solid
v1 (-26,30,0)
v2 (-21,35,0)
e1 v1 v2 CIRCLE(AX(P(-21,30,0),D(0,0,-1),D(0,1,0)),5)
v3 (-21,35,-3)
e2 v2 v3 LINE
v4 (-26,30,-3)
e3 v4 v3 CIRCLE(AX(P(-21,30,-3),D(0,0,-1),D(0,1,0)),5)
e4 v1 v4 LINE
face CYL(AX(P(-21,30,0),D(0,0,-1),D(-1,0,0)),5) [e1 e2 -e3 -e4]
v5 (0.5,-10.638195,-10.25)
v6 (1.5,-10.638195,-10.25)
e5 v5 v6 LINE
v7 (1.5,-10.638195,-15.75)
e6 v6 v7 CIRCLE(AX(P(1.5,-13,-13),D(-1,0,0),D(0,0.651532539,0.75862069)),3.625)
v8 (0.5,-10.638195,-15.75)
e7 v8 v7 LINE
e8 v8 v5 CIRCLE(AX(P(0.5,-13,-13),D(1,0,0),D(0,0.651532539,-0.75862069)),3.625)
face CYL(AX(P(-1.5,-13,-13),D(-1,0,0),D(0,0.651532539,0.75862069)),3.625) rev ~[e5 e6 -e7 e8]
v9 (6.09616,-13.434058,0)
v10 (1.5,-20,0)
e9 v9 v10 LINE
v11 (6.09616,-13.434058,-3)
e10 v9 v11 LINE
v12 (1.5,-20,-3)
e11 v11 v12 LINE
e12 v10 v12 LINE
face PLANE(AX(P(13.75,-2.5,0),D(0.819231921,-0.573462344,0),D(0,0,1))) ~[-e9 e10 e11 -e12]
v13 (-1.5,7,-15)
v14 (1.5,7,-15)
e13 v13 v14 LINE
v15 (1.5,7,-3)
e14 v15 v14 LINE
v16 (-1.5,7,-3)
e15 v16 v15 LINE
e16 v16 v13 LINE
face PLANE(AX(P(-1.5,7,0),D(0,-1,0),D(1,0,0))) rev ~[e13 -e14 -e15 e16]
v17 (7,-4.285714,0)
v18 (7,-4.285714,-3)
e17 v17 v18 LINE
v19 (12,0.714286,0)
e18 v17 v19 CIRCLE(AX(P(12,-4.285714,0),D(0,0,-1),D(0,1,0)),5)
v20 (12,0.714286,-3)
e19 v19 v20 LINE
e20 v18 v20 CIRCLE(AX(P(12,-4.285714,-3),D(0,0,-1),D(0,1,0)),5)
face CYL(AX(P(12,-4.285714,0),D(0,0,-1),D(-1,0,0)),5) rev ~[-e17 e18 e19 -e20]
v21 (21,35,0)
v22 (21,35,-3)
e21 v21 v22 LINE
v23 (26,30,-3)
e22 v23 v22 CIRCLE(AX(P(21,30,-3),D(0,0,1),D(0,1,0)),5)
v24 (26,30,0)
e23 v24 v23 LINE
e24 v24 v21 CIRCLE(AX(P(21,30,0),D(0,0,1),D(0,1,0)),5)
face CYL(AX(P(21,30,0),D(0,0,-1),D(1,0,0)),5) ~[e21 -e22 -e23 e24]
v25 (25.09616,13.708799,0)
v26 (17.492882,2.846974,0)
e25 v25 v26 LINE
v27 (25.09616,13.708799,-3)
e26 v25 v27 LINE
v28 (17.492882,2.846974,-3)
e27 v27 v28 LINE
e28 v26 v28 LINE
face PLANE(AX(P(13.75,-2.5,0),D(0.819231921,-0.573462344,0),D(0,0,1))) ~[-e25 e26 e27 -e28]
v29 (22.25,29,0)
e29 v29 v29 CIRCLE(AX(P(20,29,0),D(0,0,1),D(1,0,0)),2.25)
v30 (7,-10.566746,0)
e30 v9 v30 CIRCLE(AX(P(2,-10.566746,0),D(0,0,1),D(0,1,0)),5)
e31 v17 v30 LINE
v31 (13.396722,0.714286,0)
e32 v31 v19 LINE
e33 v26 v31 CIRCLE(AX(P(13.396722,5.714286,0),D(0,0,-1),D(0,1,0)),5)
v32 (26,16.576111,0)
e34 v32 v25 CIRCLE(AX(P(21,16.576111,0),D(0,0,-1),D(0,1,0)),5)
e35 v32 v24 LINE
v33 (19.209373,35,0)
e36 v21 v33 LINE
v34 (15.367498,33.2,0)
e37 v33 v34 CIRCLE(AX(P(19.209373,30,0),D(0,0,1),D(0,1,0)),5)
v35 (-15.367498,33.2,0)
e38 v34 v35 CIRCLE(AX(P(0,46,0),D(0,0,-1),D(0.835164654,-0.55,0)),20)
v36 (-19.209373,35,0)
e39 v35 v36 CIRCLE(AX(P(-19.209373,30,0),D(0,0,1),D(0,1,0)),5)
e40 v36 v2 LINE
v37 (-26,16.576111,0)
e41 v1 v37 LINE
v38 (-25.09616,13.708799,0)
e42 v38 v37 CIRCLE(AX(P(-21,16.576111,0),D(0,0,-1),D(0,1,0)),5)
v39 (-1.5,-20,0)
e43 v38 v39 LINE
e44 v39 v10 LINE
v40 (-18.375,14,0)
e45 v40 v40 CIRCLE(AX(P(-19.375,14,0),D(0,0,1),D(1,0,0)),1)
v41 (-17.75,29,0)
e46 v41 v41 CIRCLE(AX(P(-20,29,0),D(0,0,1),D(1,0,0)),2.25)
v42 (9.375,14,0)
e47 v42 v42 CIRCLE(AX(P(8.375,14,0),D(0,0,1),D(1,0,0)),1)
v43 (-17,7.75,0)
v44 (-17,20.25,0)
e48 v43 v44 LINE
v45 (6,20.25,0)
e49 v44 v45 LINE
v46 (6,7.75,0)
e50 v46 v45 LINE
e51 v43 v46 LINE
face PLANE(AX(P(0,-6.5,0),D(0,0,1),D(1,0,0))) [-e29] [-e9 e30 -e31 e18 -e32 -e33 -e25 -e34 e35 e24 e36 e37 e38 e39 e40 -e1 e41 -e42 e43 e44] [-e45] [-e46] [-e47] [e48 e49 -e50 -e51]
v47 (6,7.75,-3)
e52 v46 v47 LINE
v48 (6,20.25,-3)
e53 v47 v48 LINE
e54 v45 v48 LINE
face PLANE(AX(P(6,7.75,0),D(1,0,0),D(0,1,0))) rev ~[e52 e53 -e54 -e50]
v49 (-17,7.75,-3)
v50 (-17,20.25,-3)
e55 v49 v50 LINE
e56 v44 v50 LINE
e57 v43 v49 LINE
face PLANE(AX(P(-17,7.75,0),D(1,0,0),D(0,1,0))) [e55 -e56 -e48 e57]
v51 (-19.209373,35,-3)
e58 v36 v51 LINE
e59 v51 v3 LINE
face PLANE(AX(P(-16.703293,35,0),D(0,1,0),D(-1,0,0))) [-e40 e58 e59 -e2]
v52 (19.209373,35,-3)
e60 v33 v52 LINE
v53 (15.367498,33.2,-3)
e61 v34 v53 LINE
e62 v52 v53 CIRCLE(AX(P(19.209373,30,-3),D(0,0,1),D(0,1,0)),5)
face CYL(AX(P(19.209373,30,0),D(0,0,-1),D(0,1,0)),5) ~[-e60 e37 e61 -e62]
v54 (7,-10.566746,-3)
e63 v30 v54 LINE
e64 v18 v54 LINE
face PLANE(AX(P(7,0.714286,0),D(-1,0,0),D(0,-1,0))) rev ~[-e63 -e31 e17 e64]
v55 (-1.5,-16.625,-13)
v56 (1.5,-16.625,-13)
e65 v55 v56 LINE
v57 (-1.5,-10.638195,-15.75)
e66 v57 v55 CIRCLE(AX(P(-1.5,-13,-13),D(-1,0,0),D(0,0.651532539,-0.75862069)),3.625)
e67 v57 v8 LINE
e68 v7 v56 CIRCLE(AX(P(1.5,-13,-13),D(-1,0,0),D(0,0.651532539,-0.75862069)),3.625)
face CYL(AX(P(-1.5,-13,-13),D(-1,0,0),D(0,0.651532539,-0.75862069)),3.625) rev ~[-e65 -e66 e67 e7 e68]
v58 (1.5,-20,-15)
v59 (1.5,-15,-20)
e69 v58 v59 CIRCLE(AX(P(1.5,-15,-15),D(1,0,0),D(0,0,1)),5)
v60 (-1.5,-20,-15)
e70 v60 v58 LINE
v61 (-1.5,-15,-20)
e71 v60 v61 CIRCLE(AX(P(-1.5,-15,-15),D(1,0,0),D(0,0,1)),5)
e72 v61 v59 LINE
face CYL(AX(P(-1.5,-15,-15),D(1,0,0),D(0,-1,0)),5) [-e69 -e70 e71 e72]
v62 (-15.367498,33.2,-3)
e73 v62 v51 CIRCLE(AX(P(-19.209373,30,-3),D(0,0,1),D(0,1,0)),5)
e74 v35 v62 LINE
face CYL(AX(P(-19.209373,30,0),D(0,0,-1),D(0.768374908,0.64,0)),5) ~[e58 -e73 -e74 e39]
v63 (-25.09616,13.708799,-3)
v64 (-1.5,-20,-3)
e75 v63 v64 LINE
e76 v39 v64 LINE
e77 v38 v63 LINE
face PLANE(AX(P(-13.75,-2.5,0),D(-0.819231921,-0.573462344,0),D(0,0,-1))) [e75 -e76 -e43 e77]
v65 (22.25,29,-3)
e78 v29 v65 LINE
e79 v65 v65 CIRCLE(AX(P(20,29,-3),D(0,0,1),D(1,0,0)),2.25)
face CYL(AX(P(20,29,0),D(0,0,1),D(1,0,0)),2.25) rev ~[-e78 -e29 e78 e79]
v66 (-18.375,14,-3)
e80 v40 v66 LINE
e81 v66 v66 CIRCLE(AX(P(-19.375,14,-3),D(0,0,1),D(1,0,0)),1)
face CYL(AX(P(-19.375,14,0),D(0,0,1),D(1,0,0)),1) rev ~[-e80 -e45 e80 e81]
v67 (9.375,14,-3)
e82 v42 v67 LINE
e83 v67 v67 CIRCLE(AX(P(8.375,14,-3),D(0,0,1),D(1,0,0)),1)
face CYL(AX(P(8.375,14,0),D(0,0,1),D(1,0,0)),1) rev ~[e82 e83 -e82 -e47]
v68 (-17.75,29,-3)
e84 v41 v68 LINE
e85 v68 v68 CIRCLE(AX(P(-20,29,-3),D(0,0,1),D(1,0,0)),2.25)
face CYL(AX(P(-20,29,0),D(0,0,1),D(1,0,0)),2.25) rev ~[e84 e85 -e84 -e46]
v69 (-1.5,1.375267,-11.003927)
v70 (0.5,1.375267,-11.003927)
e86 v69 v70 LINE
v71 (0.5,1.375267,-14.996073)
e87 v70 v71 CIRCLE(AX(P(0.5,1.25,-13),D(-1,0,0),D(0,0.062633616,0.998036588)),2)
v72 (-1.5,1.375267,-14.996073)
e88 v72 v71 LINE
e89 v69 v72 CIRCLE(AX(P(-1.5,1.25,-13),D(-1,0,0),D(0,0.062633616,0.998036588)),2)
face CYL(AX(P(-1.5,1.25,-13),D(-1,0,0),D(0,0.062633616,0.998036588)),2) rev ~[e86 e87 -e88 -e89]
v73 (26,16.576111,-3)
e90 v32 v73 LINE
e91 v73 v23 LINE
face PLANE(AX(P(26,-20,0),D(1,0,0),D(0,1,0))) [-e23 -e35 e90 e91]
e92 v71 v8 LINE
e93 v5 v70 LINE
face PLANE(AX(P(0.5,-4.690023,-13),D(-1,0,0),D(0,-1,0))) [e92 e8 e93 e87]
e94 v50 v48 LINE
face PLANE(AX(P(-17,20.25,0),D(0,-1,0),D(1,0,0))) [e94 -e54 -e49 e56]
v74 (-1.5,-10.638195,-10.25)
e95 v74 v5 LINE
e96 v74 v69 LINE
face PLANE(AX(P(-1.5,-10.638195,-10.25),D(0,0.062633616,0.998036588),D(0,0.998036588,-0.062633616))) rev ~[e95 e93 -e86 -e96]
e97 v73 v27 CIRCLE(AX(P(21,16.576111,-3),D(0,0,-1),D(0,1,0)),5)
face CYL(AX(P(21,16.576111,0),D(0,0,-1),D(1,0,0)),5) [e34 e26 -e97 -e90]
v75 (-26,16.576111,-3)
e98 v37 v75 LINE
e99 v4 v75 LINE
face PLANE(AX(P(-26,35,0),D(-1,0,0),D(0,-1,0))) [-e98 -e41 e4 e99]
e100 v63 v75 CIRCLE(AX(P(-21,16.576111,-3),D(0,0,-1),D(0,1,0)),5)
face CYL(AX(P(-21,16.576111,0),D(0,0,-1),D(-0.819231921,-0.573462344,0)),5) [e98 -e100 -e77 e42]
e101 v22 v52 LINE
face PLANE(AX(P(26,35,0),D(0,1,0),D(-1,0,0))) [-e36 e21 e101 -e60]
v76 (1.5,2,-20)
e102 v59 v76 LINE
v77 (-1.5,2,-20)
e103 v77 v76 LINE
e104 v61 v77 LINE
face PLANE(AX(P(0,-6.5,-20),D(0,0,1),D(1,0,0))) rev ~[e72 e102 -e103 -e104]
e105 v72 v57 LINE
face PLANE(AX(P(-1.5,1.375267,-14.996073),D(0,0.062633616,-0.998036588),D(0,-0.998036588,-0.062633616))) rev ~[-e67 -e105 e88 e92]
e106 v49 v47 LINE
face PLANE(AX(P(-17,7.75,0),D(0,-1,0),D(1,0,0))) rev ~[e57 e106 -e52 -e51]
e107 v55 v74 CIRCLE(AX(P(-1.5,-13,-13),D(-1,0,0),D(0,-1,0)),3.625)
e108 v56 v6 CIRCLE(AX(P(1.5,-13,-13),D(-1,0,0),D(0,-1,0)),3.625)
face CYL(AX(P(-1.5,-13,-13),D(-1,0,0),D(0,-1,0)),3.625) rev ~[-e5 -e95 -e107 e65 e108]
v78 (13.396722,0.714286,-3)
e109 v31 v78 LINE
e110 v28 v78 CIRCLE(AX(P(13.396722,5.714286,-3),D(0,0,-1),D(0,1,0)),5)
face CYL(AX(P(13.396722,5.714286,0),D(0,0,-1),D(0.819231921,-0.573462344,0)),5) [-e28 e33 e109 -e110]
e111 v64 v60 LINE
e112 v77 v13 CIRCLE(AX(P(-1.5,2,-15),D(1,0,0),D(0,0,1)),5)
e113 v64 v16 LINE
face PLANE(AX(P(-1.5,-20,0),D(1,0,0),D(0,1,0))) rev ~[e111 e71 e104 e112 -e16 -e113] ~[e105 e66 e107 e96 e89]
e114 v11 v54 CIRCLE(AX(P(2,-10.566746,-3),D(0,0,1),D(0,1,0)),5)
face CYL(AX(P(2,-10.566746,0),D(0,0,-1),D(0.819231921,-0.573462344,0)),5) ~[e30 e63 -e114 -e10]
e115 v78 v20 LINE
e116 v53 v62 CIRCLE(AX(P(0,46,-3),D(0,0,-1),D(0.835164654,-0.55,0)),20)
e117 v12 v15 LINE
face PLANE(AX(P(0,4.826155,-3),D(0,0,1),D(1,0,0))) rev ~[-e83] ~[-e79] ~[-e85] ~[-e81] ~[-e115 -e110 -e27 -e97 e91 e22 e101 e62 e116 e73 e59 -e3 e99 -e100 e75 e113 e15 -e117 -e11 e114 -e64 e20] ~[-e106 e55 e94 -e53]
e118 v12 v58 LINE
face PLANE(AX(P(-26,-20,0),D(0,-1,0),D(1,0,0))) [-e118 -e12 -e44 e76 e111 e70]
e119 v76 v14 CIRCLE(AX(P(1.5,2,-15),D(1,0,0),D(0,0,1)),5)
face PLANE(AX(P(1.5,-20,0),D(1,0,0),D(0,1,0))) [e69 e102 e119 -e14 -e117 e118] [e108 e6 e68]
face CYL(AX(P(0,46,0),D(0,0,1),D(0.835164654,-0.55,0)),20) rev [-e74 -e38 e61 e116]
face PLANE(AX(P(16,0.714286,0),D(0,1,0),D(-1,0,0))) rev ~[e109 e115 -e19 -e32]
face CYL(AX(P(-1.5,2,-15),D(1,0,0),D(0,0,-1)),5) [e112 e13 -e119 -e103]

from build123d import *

# Parameters (mm, degrees)
F0_R       = 1
F0_W       = 23
F0_H       = 12.5
F0_R_2     = 2.25
F0_W_2     = 3
F0_H_2     = 27
F1_DEPTH   = 3
F2_DEPTH   = 20
F3_SIZE2   = 24.5
F3_SIZE    = 35
F3_2_SIZE2 = 24.5
F3_2_SIZE  = 35
F4_R       = 5
F6_DEPTH   = 25
F7_DEPTH   = 2
F8_R       = 5
F9_R       = 5
F10_R      = 5
F12_DEPTH  = 25
F13_R      = 5


with BuildPart() as f1:
    # F0 (on Top) → F1 (new body)
    with BuildSketch(Plane.XY):
        with BuildLine():
            Line((-16.7032930885, 35), (-26, 35))
            Line((-26, 35), (-26, -20))
            Line((-26, -20), (-1.5, -20))
            Line((-1.5, -20), (-1.5, 7))
            Line((-1.5, 7), (1.5, 7))
            Line((1.5, 7), (1.5, -20))
            Line((1.5, -20), (26, -20))
            Line((26, -20), (26, 35))
            Line((26, 35), (16.7032930885, 35))
            ThreePointArc((16.7032930885, 35), (0, 26), (-16.7032930885, 35))
        make_face()
        with Locations((-19.375, 14)):
            Circle(F0_R, mode=Mode.SUBTRACT)
        with Locations((-5.5, 14)):
            Rectangle(F0_W, F0_H, mode=Mode.SUBTRACT)
        with Locations((8.375, 14)):
            Circle(F0_R, mode=Mode.SUBTRACT)
        with Locations((-20, 29)):
            Circle(F0_R_2, mode=Mode.SUBTRACT)
        with Locations((20, 29)):
            Circle(F0_R_2, mode=Mode.SUBTRACT)
        with Locations((0, -6.5)):
            Rectangle(F0_W_2, F0_H_2)
    extrude(amount=-F1_DEPTH)

    # F0 (on Top) → F2 (join)
    with BuildSketch(Plane.XY):
        with Locations((0, -6.5)):
            Rectangle(F0_W_2, F0_H_2)
    extrude(amount=-F2_DEPTH)

    # F3
    f3_edges = [f1.edges().sort_by_distance(p)[0] for p in [
        (-26, -20, -1.5),
    ]]
    f3_side = f1.faces().sort_by_distance((-26, 7.5, -1.5))[0]
    chamfer(f3_edges, length=F3_SIZE, length2=F3_SIZE2, reference=f3_side)

    # F3#2
    f3_2_edges = [f1.edges().sort_by_distance(p)[0] for p in [
        (26, -20, -1.5),
    ]]
    f3_2_side = f1.faces().sort_by_distance((26, 7.5, -1.5))[0]
    chamfer(f3_2_edges, length=F3_2_SIZE, length2=F3_2_SIZE2, reference=f3_2_side)

    # F4
    f4_edges = [f1.edges().sort_by_distance(p)[0] for p in [
        (-26, 35, -1.5),
        (26, 35, -1.5),
    ]]
    fillet(f4_edges, radius=F4_R)

    # F5 (on face) → F6 (cut)
    with BuildSketch(Plane(origin=(-1.5, 0, 0), x_dir=(0, -1, 0), z_dir=(-1, 0, 0))):
        with BuildLine():
            ThreePointArc((10.6381945465, -15.75), (14.5131226373, -16.2940984934), (16.625, -13))
            ThreePointArc((16.625, -13), (14.5131226373, -9.7059015066), (10.6381945465, -10.25))
            ThreePointArc((10.6381945465, -10.25), (9.375, -13), (10.6381945465, -15.75))
        make_face()
    extrude(amount=-F6_DEPTH, mode=Mode.SUBTRACT)

    # F5 (on face) → F7 (cut)
    with BuildSketch(Plane(origin=(-1.5, 0, 0), x_dir=(0, -1, 0), z_dir=(-1, 0, 0))):
        with BuildLine():
            ThreePointArc((10.6381945465, -15.75), (9.375, -13), (10.6381945465, -10.25))
            Line((10.6381945465, -10.25), (-1.3752672326, -11.0039268249))
            ThreePointArc((-1.3752672326, -11.0039268249), (0.1192088107, -11.5421703691), (0.75, -13))
            ThreePointArc((0.75, -13), (0.1192088107, -14.4578296309), (-1.3752672326, -14.9960731751))
            Line((-1.3752672326, -14.9960731751), (10.6381945465, -15.75))
        make_face()
        with BuildLine():
            ThreePointArc((0.75, -13), (0.1192088107, -11.5421703691), (-1.3752672326, -11.0039268249))
            ThreePointArc((-1.3752672326, -11.0039268249), (-3.25, -13), (-1.3752672326, -14.9960731751))
            ThreePointArc((-1.3752672326, -14.9960731751), (0.1192088107, -14.4578296309), (0.75, -13))
        make_face()
    extrude(amount=-F7_DEPTH, mode=Mode.SUBTRACT)

    # F8
    f8_edges = [f1.edges().sort_by_distance(p)[0] for p in [
        (-26, 15, -1.5),
        (26, 15, -1.5),
    ]]
    fillet(f8_edges, radius=F8_R)

    # F9
    f9_edges = [f1.edges().sort_by_distance(p)[0] for p in [
        (-16.703293, 35, -1.5),
        (16.703293, 35, -1.5),
    ]]
    fillet(f9_edges, radius=F9_R)

    # F10
    f10_edges = [f1.edges().sort_by_distance(p)[0] for p in [
        (0, -20, -20),
        (0, 7, -20),
    ]]
    fillet(f10_edges, radius=F10_R)

    # F11 (on face) → F12 (cut)
    with BuildSketch(Plane.XY):
        Polygon((7, 0.7142857143), (7, -12.1428571429), (16, 0.7142857143), align=None)
    extrude(amount=-F12_DEPTH, mode=Mode.SUBTRACT)

    # F13
    f13_edges = [f1.edges().sort_by_distance(p)[0] for p in [
        (16, 0.714286, -1.5),
        (7, 0.714286, -1.5),
        (7, -12.142857, -1.5),
    ]]
    fillet(f13_edges, radius=F13_R)


solid = f1.part
